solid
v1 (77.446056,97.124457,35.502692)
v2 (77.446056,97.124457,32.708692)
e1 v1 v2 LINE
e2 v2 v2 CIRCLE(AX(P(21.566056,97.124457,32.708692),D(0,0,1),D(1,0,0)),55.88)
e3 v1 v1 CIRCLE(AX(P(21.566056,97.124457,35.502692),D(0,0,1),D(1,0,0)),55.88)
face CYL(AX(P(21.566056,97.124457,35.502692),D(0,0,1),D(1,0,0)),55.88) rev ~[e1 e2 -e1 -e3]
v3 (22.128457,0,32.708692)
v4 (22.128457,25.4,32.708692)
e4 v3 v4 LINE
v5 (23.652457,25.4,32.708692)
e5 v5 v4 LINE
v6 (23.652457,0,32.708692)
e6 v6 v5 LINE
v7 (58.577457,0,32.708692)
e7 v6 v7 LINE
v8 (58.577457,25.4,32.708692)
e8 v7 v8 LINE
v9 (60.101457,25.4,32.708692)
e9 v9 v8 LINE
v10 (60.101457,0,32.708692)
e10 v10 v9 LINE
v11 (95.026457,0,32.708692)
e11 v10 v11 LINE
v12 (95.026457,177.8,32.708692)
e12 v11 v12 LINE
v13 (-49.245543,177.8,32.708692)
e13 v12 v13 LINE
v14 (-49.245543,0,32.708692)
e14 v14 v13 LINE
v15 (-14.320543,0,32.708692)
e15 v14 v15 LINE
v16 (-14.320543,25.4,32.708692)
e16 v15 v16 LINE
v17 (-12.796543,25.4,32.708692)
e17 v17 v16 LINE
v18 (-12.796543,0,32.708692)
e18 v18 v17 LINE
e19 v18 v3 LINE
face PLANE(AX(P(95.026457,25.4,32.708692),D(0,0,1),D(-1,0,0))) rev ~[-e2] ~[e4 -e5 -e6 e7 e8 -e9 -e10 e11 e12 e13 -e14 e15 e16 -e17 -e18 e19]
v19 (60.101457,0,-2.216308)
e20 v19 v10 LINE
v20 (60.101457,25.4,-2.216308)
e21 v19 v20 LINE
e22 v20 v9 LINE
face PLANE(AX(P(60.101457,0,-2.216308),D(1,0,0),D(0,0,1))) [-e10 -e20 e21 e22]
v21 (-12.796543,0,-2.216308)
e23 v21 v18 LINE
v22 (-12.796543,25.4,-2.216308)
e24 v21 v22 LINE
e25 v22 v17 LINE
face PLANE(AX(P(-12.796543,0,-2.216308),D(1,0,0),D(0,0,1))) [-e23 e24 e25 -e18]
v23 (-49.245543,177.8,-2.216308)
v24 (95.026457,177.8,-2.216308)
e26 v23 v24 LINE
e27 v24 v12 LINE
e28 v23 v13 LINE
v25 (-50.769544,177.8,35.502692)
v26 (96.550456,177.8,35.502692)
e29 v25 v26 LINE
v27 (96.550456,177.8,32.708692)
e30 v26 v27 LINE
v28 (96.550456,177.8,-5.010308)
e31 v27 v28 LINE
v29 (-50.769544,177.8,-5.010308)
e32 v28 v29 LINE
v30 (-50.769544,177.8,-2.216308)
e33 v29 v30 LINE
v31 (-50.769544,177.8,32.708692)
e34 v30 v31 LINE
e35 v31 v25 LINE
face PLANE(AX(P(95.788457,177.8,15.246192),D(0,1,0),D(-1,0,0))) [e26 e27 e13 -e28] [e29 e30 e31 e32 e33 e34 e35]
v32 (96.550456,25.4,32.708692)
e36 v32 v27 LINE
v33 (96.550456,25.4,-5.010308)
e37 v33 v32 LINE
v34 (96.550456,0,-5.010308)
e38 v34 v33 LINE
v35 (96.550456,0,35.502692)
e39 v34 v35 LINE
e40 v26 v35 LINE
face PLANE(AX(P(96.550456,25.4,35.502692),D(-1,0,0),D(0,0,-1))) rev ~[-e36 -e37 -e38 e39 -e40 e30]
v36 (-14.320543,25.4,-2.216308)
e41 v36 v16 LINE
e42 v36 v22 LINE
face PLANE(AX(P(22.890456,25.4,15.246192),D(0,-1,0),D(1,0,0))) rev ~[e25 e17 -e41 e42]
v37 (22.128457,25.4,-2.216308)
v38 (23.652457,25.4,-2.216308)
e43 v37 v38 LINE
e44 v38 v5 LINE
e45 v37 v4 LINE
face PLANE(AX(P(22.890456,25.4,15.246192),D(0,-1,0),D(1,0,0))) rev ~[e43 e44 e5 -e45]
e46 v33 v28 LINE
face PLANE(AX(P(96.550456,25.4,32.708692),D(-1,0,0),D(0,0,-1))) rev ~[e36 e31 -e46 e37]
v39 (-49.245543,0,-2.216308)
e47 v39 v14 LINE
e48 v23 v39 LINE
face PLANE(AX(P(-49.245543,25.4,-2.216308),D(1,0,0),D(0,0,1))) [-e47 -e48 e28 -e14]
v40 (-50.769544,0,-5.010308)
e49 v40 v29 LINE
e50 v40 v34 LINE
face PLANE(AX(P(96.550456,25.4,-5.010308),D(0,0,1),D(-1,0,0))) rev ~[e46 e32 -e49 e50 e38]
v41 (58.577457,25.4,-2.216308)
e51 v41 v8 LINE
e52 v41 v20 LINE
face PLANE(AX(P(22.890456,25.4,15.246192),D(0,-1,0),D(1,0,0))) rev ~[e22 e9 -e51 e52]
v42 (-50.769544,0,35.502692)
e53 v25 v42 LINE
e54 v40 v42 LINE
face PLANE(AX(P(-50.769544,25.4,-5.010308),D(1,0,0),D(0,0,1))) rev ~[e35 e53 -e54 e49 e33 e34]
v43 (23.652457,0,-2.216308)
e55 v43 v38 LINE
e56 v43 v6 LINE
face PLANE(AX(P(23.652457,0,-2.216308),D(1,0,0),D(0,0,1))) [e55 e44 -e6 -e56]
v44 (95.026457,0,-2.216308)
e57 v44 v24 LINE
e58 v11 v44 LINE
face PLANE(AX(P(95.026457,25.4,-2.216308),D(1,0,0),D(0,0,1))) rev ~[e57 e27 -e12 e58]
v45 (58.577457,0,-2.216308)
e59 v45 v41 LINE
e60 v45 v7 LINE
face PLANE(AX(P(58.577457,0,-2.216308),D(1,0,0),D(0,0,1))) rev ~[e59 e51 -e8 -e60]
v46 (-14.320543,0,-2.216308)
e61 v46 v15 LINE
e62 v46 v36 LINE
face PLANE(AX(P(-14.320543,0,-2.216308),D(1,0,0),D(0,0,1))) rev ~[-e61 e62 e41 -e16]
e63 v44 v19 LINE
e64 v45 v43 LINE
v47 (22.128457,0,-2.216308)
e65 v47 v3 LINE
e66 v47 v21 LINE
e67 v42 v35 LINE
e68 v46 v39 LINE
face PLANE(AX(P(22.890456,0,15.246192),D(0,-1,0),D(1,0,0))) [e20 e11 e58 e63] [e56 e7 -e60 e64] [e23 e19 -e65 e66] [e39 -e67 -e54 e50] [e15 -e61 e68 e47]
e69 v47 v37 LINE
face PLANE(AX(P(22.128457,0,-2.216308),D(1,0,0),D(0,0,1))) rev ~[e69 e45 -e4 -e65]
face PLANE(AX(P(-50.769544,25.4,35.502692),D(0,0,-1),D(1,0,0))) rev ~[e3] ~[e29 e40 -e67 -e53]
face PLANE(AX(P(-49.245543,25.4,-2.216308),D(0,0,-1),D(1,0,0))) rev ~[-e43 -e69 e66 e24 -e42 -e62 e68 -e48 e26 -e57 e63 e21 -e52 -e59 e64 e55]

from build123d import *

# Parameters (mm, degrees)
F0_W     = 147.32
F0_H     = 40.513
F0_W_2   = 1.524
F0_H_2   = 34.925
F1_DEPTH = 25.4
F2_W     = 1.5239988621
F2_H     = 34.925
F2_W_2   = 1.5240011379
F3_DEPTH = 152.4
F4_R     = 55.88
F5_DEPTH = 25.4


with BuildPart() as f1:
    # F0 (on Front) → F1 (new body)
    with BuildSketch(Plane.XZ):
        with Locations((22.8904561008, 15.2461919377)):
            Rectangle(F0_W, F0_H)
        Polygon((-49.2455427613, 32.7086919377), (-14.3205427613, 32.7086919377), (-12.7965427613, 32.7086919377), (22.1284572387, 32.7086919377), (23.6524572387, 32.7086919377), (58.5774572387, 32.7086919377), (60.1014572387, 32.7086919377), (95.0264572387, 32.7086919377), (95.0264572387, -2.2163080623), (60.1014572387, -2.2163080623), (58.5774572387, -2.2163080623), (23.6524572387, -2.2163080623), (22.1284572387, -2.2163080623), (-12.7965427613, -2.2163080623), (-14.3205427613, -2.2163080623), (-49.2455427613, -2.2163080623), align=None, mode=Mode.SUBTRACT)
        with Locations((-13.5585427613, 15.2461919377)):
            Rectangle(F0_W_2, F0_H_2)
        with Locations((22.8904572387, 15.2461919377)):
            Rectangle(F0_W_2, F0_H_2)
        with Locations((59.3394572387, 15.2461919377)):
            Rectangle(F0_W_2, F0_H_2)
    extrude(amount=-F1_DEPTH)

    # F2 (on face) → F3 (join)
    with BuildSketch(Plane(origin=(0, 25.4, 0), x_dir=(-1, 0, 0), z_dir=(0, 1, 0))):
        with Locations((-95.7884566697, 15.2461919377)):
            Rectangle(F2_W, F2_H)
        Polygon((-60.1014572387, -2.2163080623), (-95.0264572387, -2.2163080623), (-96.5504561008, -2.2163080623), (-96.5504561008, -5.0103080623), (50.7695438992, -5.0103080623), (50.7695438992, -2.2163080623), (49.2455427613, -2.2163080623), (14.3205427613, -2.2163080623), (12.7965427613, -2.2163080623), (-22.1284572387, -2.2163080623), (-23.6524572387, -2.2163080623), (-58.5774572387, -2.2163080623), align=None)
        Polygon((-96.5504561008, 32.7086919377), (-95.0264572387, 32.7086919377), (-60.1014572387, 32.7086919377), (-58.5774572387, 32.7086919377), (-23.6524572387, 32.7086919377), (-22.1284572387, 32.7086919377), (12.7965427613, 32.7086919377), (14.3205427613, 32.7086919377), (49.2455427613, 32.7086919377), (50.7695438992, 32.7086919377), (50.7695438992, 35.5026919377), (-96.5504561008, 35.5026919377), align=None)
        with Locations((50.0075433303, 15.2461919377)):
            Rectangle(F2_W_2, F2_H)
    extrude(amount=F3_DEPTH)

    # F4 (on face) → F5 (cut)
    with BuildSketch(Plane.XY.offset(35.5026919377)):
        with Locations((21.5660557151, 97.1244573593)):
            Circle(F4_R)
    extrude(amount=-F5_DEPTH, mode=Mode.SUBTRACT)


solid = f1.part
